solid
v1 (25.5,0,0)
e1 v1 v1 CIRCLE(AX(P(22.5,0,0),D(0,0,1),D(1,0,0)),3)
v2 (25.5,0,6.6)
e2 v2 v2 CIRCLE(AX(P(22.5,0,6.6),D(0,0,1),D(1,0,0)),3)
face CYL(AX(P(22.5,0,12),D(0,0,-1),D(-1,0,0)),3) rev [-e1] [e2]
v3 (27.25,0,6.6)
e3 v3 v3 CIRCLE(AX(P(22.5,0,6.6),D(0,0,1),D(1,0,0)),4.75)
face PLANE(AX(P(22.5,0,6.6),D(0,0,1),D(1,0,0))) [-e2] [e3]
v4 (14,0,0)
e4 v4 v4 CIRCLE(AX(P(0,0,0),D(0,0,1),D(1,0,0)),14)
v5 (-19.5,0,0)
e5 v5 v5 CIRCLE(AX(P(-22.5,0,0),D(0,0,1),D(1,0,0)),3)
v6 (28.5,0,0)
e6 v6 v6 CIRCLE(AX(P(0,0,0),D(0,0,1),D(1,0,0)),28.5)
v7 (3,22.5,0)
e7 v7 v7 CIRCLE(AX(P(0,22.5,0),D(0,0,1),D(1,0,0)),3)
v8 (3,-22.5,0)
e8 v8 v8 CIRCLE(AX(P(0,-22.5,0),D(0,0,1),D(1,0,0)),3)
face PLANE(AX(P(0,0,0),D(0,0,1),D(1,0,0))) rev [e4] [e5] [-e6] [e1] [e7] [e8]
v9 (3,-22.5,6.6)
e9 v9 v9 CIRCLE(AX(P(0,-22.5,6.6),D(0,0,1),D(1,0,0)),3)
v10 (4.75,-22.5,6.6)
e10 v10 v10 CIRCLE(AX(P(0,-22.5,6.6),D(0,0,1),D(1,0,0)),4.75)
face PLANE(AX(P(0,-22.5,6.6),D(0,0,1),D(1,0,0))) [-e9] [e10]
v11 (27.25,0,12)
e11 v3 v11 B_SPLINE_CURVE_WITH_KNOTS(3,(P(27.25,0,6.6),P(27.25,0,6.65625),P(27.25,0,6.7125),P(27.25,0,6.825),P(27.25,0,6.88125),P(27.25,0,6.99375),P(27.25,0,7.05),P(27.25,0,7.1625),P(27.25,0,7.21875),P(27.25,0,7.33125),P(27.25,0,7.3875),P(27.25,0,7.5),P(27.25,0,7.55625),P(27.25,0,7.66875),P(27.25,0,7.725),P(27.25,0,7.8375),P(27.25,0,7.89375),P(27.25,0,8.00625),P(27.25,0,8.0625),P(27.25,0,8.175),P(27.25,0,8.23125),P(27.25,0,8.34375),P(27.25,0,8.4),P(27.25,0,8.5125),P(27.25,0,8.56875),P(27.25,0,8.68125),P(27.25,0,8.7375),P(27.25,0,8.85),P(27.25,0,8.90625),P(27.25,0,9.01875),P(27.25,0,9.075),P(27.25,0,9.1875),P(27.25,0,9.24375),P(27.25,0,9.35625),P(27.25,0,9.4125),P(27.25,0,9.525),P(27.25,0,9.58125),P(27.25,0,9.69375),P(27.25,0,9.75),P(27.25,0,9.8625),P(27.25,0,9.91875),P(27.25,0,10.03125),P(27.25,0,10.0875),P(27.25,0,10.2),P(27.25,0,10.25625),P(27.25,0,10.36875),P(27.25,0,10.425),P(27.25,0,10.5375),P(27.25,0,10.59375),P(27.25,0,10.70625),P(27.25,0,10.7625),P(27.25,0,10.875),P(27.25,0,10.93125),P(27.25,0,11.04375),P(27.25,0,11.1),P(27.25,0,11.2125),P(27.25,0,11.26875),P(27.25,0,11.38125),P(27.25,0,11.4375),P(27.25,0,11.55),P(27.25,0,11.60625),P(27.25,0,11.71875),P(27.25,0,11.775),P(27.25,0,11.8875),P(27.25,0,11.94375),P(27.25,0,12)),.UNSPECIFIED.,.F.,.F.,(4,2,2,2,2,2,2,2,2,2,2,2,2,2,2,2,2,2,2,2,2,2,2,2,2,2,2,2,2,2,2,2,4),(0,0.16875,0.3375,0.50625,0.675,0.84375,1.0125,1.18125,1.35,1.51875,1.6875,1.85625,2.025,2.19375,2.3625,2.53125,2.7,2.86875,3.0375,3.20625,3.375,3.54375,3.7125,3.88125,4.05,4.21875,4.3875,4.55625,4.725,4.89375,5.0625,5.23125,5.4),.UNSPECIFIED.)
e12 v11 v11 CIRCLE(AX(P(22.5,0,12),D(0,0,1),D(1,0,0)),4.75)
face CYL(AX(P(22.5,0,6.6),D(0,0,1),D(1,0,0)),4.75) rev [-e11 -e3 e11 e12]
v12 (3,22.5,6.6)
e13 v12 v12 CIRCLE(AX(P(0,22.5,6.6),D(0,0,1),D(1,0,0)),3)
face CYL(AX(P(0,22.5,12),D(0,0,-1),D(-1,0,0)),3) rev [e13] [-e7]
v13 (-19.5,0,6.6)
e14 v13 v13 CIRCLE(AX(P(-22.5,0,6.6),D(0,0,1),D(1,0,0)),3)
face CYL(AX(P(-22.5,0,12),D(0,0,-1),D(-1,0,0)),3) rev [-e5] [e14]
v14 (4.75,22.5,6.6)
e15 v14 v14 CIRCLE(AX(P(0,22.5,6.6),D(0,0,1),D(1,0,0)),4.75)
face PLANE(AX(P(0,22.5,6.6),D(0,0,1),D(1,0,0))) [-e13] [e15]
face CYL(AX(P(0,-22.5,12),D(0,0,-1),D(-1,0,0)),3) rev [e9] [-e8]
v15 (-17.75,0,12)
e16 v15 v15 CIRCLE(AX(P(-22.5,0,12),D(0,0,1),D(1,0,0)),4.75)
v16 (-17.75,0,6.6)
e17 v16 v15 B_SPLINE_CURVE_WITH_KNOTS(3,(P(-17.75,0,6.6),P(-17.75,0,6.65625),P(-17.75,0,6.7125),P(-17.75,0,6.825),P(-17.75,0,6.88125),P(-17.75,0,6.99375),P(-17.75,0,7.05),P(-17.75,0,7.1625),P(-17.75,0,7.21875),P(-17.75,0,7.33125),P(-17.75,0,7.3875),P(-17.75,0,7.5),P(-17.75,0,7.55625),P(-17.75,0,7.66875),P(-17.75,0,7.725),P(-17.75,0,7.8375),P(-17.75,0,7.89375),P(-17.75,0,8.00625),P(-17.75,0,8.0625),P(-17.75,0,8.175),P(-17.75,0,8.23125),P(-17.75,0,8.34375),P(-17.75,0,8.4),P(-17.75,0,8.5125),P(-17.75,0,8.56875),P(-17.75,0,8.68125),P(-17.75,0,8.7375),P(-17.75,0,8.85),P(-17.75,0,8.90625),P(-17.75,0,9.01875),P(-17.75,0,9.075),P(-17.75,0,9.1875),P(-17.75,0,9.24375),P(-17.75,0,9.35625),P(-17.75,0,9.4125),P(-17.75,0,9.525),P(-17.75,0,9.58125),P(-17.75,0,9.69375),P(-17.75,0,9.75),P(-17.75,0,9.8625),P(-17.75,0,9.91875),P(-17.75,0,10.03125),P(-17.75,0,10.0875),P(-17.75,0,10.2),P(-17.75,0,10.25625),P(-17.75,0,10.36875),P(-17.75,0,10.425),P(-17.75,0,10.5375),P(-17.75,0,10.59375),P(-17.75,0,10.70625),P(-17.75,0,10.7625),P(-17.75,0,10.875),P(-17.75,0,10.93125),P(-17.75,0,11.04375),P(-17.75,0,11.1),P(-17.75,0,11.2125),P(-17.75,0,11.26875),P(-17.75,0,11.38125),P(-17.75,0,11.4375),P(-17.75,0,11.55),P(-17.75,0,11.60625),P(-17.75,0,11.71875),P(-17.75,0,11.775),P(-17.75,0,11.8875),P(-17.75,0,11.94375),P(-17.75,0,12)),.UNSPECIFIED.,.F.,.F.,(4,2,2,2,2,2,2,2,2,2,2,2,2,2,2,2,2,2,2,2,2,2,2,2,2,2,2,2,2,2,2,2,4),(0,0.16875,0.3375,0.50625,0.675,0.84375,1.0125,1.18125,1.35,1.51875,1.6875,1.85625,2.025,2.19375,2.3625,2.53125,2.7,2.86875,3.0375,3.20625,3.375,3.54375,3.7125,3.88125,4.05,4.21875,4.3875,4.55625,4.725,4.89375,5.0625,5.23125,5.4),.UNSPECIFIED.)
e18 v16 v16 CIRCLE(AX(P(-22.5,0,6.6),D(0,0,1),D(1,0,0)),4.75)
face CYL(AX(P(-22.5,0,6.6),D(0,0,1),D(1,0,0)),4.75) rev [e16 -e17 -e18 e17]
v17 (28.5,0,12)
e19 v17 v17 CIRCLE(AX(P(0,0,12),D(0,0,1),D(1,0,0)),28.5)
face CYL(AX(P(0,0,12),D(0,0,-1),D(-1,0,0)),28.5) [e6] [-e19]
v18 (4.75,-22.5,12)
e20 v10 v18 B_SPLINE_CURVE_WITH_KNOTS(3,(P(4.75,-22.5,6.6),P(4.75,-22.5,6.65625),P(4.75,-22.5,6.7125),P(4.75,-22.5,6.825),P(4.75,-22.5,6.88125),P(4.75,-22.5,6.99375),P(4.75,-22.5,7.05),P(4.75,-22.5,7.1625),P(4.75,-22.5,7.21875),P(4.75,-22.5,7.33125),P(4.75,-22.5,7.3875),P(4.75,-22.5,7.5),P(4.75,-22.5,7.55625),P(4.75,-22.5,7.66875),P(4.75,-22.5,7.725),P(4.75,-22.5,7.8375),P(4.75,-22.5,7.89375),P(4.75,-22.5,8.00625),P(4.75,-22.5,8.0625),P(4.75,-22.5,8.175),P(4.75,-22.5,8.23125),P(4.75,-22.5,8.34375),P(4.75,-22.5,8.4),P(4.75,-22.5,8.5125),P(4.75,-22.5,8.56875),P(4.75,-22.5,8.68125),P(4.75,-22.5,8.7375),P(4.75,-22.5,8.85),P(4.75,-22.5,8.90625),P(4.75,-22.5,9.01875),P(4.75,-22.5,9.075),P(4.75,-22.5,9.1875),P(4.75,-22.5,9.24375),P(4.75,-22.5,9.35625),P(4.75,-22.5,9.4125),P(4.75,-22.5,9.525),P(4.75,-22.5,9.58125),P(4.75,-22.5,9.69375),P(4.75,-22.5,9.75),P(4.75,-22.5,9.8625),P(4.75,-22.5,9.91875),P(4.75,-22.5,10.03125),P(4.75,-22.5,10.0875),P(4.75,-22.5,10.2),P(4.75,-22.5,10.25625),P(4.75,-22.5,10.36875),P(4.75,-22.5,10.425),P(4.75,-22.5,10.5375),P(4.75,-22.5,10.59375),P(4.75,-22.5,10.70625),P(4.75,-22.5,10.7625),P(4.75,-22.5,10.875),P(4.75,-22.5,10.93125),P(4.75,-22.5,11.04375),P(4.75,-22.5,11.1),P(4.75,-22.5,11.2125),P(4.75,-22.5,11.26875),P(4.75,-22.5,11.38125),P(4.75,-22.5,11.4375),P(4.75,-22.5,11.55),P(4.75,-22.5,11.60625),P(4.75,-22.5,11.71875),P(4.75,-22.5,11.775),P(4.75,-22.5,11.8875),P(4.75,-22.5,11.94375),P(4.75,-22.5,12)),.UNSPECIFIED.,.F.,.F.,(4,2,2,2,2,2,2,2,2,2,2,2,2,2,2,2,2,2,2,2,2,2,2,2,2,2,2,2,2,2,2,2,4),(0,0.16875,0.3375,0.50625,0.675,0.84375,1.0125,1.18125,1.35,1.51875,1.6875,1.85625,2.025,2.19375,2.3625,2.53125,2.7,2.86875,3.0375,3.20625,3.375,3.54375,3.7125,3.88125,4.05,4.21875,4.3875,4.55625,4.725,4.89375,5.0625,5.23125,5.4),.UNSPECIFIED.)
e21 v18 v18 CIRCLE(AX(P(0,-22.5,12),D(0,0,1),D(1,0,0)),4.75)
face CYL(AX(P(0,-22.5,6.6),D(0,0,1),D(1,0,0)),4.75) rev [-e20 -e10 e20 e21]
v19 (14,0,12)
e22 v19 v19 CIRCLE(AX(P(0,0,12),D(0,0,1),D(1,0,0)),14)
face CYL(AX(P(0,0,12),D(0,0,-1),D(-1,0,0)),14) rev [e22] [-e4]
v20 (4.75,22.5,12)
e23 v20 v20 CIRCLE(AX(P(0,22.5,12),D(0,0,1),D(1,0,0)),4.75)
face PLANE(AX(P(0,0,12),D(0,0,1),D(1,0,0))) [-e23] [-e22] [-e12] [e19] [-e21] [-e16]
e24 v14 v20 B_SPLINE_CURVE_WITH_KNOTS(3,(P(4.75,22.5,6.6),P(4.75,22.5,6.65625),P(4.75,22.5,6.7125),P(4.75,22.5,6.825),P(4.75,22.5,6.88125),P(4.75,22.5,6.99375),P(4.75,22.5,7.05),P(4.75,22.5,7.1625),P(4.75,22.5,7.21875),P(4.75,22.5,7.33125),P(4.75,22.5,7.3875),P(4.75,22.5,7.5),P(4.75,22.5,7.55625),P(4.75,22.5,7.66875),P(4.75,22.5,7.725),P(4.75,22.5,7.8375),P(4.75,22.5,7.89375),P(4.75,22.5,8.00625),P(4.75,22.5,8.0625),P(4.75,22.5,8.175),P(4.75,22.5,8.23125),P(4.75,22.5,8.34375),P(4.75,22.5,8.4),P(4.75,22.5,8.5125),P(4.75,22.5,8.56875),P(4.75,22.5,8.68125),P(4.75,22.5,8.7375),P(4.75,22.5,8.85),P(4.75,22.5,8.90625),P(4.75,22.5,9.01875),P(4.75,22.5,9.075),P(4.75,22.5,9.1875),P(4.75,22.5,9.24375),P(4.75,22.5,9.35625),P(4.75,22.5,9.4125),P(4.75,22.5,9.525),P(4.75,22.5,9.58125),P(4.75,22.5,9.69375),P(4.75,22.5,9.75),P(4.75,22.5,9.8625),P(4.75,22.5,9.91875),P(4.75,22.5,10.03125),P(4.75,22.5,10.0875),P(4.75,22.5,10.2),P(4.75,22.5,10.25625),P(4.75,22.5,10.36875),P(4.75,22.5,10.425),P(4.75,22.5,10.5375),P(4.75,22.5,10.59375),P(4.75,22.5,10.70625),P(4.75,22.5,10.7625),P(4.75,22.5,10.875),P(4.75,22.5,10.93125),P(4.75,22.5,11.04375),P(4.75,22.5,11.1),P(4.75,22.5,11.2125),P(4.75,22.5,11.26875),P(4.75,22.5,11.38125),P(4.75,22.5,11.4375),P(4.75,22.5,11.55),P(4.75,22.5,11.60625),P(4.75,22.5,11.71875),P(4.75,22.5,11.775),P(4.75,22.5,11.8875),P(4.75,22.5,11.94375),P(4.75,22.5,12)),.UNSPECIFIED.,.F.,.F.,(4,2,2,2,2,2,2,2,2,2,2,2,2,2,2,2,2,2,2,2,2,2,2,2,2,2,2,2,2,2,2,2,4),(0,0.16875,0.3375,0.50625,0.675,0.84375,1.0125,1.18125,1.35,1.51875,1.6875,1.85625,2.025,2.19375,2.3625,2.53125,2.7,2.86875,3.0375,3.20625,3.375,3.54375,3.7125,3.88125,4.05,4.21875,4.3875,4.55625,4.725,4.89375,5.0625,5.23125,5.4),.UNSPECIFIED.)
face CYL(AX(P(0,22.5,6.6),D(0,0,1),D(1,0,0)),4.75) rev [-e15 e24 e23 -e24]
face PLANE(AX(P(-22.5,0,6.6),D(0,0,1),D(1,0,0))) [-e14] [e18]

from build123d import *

# Parameters (mm, degrees)
SKETCH_1_R          = 28.5
SKETCH_1_R_2        = 14
SKETCH_1_R_3        = 3
EXTRUDE_1_DEPTH     = 12
SKETCH_2_R          = 4.75
CUT_EXTRUDE_1_DEPTH = 5.4


with BuildPart() as part:
    # 草图1 → 凸台-拉伸1 (new body)
    with BuildSketch(Plane.XY):
        Circle(SKETCH_1_R)
        Circle(SKETCH_1_R_2, mode=Mode.SUBTRACT)
        with Locations((0, 22.5)):
            Circle(SKETCH_1_R_3, mode=Mode.SUBTRACT)
        with Locations((22.5, 0)):
            Circle(SKETCH_1_R_3, mode=Mode.SUBTRACT)
        with Locations((0, -22.5)):
            Circle(SKETCH_1_R_3, mode=Mode.SUBTRACT)
        with Locations((-22.5, 0)):
            Circle(SKETCH_1_R_3, mode=Mode.SUBTRACT)
    extrude(amount=EXTRUDE_1_DEPTH)

    # 草图2 → 切除-拉伸1 (cut)
    with BuildSketch(Plane.XY.offset(12)):
        with Locations((0, 22.5)):
            Circle(SKETCH_2_R)
        with Locations((22.5, 0)):
            Circle(SKETCH_2_R)
        with Locations((0, -22.5)):
            Circle(SKETCH_2_R)
        with Locations((-22.5, 0)):
            Circle(SKETCH_2_R)
    extrude(amount=-CUT_EXTRUDE_1_DEPTH, mode=Mode.SUBTRACT)


solid = part.part
